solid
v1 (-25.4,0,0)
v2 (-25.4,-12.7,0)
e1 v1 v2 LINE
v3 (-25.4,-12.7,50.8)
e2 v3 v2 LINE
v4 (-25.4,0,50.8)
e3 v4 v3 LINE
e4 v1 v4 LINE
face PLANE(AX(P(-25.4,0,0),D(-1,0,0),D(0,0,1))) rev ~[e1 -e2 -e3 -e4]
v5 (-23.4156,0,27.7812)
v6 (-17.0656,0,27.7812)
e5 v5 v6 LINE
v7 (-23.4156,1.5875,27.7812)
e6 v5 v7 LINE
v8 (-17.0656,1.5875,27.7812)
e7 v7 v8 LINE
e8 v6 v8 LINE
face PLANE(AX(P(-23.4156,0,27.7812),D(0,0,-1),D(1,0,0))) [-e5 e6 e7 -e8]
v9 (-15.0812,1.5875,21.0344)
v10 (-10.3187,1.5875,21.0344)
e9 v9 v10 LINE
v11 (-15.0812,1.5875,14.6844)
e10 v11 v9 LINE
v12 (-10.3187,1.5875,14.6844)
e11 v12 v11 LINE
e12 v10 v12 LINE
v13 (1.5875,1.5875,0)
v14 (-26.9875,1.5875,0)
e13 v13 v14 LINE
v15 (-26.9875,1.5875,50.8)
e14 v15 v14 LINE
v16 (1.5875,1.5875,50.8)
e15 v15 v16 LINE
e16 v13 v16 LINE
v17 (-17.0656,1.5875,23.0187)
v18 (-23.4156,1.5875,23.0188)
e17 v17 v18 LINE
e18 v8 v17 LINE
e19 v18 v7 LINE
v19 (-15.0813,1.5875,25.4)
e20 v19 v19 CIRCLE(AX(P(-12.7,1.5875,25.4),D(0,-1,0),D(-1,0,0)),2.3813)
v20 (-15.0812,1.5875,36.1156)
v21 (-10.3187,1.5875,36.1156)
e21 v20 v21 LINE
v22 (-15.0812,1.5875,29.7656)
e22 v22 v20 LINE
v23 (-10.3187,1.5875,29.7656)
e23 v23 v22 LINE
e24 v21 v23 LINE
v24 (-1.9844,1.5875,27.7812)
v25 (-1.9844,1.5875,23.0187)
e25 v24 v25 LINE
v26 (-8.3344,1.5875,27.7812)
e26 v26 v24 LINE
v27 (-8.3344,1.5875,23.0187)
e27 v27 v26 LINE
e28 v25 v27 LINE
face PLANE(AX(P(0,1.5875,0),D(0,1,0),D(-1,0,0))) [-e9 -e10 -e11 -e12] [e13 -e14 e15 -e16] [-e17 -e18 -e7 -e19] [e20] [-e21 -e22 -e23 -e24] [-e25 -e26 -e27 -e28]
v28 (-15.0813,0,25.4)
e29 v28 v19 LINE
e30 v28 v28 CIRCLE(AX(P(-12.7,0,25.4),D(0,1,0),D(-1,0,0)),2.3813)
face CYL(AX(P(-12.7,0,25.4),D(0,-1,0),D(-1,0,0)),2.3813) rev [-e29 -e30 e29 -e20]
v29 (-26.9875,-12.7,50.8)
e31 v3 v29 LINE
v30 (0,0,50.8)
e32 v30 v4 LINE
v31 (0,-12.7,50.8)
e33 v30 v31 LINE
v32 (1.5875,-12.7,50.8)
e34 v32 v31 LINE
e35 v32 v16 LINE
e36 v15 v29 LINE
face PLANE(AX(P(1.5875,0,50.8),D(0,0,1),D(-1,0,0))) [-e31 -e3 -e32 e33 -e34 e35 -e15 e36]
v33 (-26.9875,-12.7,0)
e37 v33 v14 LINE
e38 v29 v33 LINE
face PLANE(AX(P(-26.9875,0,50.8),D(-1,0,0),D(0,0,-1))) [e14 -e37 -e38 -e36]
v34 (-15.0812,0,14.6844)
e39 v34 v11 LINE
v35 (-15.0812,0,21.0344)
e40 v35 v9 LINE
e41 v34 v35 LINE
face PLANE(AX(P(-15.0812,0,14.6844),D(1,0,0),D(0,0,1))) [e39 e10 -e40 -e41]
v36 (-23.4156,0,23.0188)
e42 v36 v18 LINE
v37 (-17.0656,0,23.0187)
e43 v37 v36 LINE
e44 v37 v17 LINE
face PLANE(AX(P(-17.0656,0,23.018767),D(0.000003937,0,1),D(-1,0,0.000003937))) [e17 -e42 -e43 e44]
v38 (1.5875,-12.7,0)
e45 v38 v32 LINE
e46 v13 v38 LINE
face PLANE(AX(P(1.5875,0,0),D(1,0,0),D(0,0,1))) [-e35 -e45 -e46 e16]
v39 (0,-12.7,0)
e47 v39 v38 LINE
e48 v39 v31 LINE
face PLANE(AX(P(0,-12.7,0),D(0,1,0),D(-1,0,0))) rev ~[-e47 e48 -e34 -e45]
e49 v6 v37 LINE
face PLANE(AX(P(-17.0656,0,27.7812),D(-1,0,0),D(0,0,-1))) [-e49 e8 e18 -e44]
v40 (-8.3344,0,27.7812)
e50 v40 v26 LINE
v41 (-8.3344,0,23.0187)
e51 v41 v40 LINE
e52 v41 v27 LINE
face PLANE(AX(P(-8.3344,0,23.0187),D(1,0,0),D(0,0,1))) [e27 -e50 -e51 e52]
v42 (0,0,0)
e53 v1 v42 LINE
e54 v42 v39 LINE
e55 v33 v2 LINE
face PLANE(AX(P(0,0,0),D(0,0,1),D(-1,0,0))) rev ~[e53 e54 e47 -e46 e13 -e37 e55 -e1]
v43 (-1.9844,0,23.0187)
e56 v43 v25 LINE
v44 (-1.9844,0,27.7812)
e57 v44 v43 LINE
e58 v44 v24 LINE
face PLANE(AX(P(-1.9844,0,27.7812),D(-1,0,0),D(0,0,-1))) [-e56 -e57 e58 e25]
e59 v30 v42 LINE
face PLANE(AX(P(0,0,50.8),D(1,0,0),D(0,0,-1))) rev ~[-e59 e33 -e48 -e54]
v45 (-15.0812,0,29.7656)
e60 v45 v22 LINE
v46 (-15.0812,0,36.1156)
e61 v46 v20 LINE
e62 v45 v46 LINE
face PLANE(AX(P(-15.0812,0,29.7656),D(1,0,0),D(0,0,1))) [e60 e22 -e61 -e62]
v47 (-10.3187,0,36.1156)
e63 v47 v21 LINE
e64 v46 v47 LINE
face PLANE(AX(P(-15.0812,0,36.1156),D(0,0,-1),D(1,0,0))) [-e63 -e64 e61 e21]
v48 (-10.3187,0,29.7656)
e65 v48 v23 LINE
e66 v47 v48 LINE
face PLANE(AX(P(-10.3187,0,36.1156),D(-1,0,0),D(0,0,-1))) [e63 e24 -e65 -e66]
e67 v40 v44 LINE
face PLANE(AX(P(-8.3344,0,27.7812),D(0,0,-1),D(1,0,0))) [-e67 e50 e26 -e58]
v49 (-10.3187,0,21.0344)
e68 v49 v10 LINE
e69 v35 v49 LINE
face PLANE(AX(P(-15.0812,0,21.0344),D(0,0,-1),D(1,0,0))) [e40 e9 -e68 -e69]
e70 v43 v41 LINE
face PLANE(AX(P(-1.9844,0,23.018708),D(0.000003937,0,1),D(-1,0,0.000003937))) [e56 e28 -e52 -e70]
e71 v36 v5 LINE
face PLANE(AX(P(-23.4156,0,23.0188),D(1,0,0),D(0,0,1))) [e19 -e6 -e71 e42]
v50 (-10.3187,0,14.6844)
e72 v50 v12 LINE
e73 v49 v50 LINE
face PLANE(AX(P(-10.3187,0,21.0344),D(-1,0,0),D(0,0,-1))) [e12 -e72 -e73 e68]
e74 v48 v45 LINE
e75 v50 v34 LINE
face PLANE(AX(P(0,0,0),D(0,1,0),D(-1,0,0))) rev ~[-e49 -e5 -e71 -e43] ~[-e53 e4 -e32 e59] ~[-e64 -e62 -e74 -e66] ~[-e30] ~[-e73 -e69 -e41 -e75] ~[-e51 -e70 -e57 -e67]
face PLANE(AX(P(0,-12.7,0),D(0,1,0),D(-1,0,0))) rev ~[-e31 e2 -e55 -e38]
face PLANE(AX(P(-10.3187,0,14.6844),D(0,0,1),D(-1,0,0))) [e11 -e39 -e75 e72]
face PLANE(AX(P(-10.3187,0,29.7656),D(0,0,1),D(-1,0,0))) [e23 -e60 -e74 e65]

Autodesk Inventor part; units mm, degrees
ref_plane "YZ Plane" through (0, 0, 0) normal (1, 0, 0) x (0, 1, 0)
ref_plane "XZ Plane" through (0, 0, 0) normal (0, 1, 0) x (-1, 0, 0)
ref_plane "XY Plane" through (0, 0, 0) normal (0, 0, 1) x (1, 0, 0)
sketch "Sketch1" plane through (0, 0, 0) normal (0, 1, 0) x (-1, 0, 0)
  line L0 (0, 0) -> (25.4, 0)
  line L1 (25.4, 0) -> (25.4, 50.8)
  line L2 (25.4, 50.8) -> (0, 50.8)
  line L3 (0, 50.8) -> (0, 0)
  line L4 (0, 0) -> (-1.5875, 0)
  line L5 (-1.5875, 0) -> (-1.5875, 50.8)
  line L6 (-1.5875, 50.8) -> (0, 50.8)
  line L7 (0, 50.8) -> (0, 0)
  line L8 (25.4, 50.8) -> (26.9875, 50.8)
  line L9 (26.9875, 50.8) -> (26.9875, 0)
  line L10 (26.9875, 0) -> (25.4, 0)
  line L11 (25.4, 0) -> (25.4, 50.8)
  line L12 (25.4, 27.7812) -> (0, 27.7812)
  line L13 (0, 27.7812) -> (0, 23.0187)
  line L14 (0, 23.0187) -> (25.4, 23.0188)
  line L15 (25.4, 23.0188) -> (25.4, 27.7812)
  line L16 (15.0812, 50.8) -> (10.3187, 50.8)
  line L17 (10.3187, 50.8) -> (10.3187, 0)
  line L18 (10.3187, 0) -> (15.0812, 0)
  line L19 (15.0812, 0) -> (15.0812, 50.8)
  circle A0 centre (12.7, 25.4) radius 2.3813
  line L20 (8.3344, 27.7812) -> (1.9844, 27.7812)
  line L21 (1.9844, 27.7812) -> (1.9844, 23.0187)
  line L22 (1.9844, 23.0187) -> (8.3344, 23.0187)
  line L23 (8.3344, 23.0187) -> (8.3344, 27.7812)
  line L24 (23.4156, 27.7812) -> (17.0656, 27.7812)
  line L25 (17.0656, 27.7812) -> (17.0656, 23.0187)
  line L26 (17.0656, 23.0187) -> (23.4156, 23.0188)
  line L27 (23.4156, 23.0188) -> (23.4156, 27.7812)
  line L28 (15.0812, 36.1156) -> (10.3187, 36.1156)
  line L29 (10.3187, 36.1156) -> (10.3187, 29.7656)
  line L30 (10.3187, 29.7656) -> (15.0812, 29.7656)
  line L31 (15.0812, 29.7656) -> (15.0812, 36.1156)
  line L32 (15.0812, 21.0344) -> (10.3187, 21.0344)
  line L33 (10.3187, 21.0344) -> (10.3187, 14.6844)
  line L34 (10.3187, 14.6844) -> (15.0812, 14.6844)
  line L35 (15.0812, 14.6844) -> (15.0812, 21.0344)
  point P0 (12.7, 36.1156)
  point P1 (0, 50.8)
  point P2 (1.9844, 27.7812)
  point P3 (0, 50.8)
  dimension "d0" = 25.4
  dimension "d1" = 50.8
  dimension "d2" = 1.5875
  dimension "d3" = 50.8
  dimension "d4" = 1.5875
  dimension "d5" = 4.7625
  dimension "d6" = 4.7625
  dimension "d7" = 4.7625
  dimension "d8" = 25.4
  dimension "d9" = 12.7
  dimension "d10" = 6.35
  dimension "d11" = 6.35
  dimension "d12" = 6.35
  dimension "d13" = 1.9844
  dimension "d14" = 1.9844
  dimension "d15" = 1.9844
  dimension "d16" = 1.9844
  dimension "d17" = 6.35
extrude "Extrusion1" add sketch "Sketch1" along normal blind 1.5875 contours L3 L14 L17 L0 | L4 L5 L6 L3 | L17 L34 L19 L0 | L3 L12 L21 L14 | L19 L14 L1 L0 | L3 L2 L17 L12 | L1 L8 L9 L10 | L17 L14 L19 L32 | L23 L12 L17 L14 | L14 L27 L12 L1 | L17 A0 L14 | L2 L19 L28 L17 | L12 L19 L2 L1 | L19 L12 L25 L14 | L14 A0 L19 | L17 L12 A0 | L17 L30 L19 L12 | A0 L12 L19
extrude "Extrusion2" add sketch "Sketch1" against normal blind 12.7 contours L4 L5 L6 L3 | L1 L8 L9 L10
equation "\"d5\" = d7"
equation "\"d6\" = d7"
equation "\"d8\" = 0.5 * d3"
equation "\"d9\" = 0.5 * d0"
equation "\"d13\" = -0.25 * d7 + 0.25 * d0 - 0.5 * d11"
equation "\"d14\" = d13"
equation "\"d15\" = d14"
equation "\"d16\" = d14"
properties part number "Guide for 2in box tube 1side"
